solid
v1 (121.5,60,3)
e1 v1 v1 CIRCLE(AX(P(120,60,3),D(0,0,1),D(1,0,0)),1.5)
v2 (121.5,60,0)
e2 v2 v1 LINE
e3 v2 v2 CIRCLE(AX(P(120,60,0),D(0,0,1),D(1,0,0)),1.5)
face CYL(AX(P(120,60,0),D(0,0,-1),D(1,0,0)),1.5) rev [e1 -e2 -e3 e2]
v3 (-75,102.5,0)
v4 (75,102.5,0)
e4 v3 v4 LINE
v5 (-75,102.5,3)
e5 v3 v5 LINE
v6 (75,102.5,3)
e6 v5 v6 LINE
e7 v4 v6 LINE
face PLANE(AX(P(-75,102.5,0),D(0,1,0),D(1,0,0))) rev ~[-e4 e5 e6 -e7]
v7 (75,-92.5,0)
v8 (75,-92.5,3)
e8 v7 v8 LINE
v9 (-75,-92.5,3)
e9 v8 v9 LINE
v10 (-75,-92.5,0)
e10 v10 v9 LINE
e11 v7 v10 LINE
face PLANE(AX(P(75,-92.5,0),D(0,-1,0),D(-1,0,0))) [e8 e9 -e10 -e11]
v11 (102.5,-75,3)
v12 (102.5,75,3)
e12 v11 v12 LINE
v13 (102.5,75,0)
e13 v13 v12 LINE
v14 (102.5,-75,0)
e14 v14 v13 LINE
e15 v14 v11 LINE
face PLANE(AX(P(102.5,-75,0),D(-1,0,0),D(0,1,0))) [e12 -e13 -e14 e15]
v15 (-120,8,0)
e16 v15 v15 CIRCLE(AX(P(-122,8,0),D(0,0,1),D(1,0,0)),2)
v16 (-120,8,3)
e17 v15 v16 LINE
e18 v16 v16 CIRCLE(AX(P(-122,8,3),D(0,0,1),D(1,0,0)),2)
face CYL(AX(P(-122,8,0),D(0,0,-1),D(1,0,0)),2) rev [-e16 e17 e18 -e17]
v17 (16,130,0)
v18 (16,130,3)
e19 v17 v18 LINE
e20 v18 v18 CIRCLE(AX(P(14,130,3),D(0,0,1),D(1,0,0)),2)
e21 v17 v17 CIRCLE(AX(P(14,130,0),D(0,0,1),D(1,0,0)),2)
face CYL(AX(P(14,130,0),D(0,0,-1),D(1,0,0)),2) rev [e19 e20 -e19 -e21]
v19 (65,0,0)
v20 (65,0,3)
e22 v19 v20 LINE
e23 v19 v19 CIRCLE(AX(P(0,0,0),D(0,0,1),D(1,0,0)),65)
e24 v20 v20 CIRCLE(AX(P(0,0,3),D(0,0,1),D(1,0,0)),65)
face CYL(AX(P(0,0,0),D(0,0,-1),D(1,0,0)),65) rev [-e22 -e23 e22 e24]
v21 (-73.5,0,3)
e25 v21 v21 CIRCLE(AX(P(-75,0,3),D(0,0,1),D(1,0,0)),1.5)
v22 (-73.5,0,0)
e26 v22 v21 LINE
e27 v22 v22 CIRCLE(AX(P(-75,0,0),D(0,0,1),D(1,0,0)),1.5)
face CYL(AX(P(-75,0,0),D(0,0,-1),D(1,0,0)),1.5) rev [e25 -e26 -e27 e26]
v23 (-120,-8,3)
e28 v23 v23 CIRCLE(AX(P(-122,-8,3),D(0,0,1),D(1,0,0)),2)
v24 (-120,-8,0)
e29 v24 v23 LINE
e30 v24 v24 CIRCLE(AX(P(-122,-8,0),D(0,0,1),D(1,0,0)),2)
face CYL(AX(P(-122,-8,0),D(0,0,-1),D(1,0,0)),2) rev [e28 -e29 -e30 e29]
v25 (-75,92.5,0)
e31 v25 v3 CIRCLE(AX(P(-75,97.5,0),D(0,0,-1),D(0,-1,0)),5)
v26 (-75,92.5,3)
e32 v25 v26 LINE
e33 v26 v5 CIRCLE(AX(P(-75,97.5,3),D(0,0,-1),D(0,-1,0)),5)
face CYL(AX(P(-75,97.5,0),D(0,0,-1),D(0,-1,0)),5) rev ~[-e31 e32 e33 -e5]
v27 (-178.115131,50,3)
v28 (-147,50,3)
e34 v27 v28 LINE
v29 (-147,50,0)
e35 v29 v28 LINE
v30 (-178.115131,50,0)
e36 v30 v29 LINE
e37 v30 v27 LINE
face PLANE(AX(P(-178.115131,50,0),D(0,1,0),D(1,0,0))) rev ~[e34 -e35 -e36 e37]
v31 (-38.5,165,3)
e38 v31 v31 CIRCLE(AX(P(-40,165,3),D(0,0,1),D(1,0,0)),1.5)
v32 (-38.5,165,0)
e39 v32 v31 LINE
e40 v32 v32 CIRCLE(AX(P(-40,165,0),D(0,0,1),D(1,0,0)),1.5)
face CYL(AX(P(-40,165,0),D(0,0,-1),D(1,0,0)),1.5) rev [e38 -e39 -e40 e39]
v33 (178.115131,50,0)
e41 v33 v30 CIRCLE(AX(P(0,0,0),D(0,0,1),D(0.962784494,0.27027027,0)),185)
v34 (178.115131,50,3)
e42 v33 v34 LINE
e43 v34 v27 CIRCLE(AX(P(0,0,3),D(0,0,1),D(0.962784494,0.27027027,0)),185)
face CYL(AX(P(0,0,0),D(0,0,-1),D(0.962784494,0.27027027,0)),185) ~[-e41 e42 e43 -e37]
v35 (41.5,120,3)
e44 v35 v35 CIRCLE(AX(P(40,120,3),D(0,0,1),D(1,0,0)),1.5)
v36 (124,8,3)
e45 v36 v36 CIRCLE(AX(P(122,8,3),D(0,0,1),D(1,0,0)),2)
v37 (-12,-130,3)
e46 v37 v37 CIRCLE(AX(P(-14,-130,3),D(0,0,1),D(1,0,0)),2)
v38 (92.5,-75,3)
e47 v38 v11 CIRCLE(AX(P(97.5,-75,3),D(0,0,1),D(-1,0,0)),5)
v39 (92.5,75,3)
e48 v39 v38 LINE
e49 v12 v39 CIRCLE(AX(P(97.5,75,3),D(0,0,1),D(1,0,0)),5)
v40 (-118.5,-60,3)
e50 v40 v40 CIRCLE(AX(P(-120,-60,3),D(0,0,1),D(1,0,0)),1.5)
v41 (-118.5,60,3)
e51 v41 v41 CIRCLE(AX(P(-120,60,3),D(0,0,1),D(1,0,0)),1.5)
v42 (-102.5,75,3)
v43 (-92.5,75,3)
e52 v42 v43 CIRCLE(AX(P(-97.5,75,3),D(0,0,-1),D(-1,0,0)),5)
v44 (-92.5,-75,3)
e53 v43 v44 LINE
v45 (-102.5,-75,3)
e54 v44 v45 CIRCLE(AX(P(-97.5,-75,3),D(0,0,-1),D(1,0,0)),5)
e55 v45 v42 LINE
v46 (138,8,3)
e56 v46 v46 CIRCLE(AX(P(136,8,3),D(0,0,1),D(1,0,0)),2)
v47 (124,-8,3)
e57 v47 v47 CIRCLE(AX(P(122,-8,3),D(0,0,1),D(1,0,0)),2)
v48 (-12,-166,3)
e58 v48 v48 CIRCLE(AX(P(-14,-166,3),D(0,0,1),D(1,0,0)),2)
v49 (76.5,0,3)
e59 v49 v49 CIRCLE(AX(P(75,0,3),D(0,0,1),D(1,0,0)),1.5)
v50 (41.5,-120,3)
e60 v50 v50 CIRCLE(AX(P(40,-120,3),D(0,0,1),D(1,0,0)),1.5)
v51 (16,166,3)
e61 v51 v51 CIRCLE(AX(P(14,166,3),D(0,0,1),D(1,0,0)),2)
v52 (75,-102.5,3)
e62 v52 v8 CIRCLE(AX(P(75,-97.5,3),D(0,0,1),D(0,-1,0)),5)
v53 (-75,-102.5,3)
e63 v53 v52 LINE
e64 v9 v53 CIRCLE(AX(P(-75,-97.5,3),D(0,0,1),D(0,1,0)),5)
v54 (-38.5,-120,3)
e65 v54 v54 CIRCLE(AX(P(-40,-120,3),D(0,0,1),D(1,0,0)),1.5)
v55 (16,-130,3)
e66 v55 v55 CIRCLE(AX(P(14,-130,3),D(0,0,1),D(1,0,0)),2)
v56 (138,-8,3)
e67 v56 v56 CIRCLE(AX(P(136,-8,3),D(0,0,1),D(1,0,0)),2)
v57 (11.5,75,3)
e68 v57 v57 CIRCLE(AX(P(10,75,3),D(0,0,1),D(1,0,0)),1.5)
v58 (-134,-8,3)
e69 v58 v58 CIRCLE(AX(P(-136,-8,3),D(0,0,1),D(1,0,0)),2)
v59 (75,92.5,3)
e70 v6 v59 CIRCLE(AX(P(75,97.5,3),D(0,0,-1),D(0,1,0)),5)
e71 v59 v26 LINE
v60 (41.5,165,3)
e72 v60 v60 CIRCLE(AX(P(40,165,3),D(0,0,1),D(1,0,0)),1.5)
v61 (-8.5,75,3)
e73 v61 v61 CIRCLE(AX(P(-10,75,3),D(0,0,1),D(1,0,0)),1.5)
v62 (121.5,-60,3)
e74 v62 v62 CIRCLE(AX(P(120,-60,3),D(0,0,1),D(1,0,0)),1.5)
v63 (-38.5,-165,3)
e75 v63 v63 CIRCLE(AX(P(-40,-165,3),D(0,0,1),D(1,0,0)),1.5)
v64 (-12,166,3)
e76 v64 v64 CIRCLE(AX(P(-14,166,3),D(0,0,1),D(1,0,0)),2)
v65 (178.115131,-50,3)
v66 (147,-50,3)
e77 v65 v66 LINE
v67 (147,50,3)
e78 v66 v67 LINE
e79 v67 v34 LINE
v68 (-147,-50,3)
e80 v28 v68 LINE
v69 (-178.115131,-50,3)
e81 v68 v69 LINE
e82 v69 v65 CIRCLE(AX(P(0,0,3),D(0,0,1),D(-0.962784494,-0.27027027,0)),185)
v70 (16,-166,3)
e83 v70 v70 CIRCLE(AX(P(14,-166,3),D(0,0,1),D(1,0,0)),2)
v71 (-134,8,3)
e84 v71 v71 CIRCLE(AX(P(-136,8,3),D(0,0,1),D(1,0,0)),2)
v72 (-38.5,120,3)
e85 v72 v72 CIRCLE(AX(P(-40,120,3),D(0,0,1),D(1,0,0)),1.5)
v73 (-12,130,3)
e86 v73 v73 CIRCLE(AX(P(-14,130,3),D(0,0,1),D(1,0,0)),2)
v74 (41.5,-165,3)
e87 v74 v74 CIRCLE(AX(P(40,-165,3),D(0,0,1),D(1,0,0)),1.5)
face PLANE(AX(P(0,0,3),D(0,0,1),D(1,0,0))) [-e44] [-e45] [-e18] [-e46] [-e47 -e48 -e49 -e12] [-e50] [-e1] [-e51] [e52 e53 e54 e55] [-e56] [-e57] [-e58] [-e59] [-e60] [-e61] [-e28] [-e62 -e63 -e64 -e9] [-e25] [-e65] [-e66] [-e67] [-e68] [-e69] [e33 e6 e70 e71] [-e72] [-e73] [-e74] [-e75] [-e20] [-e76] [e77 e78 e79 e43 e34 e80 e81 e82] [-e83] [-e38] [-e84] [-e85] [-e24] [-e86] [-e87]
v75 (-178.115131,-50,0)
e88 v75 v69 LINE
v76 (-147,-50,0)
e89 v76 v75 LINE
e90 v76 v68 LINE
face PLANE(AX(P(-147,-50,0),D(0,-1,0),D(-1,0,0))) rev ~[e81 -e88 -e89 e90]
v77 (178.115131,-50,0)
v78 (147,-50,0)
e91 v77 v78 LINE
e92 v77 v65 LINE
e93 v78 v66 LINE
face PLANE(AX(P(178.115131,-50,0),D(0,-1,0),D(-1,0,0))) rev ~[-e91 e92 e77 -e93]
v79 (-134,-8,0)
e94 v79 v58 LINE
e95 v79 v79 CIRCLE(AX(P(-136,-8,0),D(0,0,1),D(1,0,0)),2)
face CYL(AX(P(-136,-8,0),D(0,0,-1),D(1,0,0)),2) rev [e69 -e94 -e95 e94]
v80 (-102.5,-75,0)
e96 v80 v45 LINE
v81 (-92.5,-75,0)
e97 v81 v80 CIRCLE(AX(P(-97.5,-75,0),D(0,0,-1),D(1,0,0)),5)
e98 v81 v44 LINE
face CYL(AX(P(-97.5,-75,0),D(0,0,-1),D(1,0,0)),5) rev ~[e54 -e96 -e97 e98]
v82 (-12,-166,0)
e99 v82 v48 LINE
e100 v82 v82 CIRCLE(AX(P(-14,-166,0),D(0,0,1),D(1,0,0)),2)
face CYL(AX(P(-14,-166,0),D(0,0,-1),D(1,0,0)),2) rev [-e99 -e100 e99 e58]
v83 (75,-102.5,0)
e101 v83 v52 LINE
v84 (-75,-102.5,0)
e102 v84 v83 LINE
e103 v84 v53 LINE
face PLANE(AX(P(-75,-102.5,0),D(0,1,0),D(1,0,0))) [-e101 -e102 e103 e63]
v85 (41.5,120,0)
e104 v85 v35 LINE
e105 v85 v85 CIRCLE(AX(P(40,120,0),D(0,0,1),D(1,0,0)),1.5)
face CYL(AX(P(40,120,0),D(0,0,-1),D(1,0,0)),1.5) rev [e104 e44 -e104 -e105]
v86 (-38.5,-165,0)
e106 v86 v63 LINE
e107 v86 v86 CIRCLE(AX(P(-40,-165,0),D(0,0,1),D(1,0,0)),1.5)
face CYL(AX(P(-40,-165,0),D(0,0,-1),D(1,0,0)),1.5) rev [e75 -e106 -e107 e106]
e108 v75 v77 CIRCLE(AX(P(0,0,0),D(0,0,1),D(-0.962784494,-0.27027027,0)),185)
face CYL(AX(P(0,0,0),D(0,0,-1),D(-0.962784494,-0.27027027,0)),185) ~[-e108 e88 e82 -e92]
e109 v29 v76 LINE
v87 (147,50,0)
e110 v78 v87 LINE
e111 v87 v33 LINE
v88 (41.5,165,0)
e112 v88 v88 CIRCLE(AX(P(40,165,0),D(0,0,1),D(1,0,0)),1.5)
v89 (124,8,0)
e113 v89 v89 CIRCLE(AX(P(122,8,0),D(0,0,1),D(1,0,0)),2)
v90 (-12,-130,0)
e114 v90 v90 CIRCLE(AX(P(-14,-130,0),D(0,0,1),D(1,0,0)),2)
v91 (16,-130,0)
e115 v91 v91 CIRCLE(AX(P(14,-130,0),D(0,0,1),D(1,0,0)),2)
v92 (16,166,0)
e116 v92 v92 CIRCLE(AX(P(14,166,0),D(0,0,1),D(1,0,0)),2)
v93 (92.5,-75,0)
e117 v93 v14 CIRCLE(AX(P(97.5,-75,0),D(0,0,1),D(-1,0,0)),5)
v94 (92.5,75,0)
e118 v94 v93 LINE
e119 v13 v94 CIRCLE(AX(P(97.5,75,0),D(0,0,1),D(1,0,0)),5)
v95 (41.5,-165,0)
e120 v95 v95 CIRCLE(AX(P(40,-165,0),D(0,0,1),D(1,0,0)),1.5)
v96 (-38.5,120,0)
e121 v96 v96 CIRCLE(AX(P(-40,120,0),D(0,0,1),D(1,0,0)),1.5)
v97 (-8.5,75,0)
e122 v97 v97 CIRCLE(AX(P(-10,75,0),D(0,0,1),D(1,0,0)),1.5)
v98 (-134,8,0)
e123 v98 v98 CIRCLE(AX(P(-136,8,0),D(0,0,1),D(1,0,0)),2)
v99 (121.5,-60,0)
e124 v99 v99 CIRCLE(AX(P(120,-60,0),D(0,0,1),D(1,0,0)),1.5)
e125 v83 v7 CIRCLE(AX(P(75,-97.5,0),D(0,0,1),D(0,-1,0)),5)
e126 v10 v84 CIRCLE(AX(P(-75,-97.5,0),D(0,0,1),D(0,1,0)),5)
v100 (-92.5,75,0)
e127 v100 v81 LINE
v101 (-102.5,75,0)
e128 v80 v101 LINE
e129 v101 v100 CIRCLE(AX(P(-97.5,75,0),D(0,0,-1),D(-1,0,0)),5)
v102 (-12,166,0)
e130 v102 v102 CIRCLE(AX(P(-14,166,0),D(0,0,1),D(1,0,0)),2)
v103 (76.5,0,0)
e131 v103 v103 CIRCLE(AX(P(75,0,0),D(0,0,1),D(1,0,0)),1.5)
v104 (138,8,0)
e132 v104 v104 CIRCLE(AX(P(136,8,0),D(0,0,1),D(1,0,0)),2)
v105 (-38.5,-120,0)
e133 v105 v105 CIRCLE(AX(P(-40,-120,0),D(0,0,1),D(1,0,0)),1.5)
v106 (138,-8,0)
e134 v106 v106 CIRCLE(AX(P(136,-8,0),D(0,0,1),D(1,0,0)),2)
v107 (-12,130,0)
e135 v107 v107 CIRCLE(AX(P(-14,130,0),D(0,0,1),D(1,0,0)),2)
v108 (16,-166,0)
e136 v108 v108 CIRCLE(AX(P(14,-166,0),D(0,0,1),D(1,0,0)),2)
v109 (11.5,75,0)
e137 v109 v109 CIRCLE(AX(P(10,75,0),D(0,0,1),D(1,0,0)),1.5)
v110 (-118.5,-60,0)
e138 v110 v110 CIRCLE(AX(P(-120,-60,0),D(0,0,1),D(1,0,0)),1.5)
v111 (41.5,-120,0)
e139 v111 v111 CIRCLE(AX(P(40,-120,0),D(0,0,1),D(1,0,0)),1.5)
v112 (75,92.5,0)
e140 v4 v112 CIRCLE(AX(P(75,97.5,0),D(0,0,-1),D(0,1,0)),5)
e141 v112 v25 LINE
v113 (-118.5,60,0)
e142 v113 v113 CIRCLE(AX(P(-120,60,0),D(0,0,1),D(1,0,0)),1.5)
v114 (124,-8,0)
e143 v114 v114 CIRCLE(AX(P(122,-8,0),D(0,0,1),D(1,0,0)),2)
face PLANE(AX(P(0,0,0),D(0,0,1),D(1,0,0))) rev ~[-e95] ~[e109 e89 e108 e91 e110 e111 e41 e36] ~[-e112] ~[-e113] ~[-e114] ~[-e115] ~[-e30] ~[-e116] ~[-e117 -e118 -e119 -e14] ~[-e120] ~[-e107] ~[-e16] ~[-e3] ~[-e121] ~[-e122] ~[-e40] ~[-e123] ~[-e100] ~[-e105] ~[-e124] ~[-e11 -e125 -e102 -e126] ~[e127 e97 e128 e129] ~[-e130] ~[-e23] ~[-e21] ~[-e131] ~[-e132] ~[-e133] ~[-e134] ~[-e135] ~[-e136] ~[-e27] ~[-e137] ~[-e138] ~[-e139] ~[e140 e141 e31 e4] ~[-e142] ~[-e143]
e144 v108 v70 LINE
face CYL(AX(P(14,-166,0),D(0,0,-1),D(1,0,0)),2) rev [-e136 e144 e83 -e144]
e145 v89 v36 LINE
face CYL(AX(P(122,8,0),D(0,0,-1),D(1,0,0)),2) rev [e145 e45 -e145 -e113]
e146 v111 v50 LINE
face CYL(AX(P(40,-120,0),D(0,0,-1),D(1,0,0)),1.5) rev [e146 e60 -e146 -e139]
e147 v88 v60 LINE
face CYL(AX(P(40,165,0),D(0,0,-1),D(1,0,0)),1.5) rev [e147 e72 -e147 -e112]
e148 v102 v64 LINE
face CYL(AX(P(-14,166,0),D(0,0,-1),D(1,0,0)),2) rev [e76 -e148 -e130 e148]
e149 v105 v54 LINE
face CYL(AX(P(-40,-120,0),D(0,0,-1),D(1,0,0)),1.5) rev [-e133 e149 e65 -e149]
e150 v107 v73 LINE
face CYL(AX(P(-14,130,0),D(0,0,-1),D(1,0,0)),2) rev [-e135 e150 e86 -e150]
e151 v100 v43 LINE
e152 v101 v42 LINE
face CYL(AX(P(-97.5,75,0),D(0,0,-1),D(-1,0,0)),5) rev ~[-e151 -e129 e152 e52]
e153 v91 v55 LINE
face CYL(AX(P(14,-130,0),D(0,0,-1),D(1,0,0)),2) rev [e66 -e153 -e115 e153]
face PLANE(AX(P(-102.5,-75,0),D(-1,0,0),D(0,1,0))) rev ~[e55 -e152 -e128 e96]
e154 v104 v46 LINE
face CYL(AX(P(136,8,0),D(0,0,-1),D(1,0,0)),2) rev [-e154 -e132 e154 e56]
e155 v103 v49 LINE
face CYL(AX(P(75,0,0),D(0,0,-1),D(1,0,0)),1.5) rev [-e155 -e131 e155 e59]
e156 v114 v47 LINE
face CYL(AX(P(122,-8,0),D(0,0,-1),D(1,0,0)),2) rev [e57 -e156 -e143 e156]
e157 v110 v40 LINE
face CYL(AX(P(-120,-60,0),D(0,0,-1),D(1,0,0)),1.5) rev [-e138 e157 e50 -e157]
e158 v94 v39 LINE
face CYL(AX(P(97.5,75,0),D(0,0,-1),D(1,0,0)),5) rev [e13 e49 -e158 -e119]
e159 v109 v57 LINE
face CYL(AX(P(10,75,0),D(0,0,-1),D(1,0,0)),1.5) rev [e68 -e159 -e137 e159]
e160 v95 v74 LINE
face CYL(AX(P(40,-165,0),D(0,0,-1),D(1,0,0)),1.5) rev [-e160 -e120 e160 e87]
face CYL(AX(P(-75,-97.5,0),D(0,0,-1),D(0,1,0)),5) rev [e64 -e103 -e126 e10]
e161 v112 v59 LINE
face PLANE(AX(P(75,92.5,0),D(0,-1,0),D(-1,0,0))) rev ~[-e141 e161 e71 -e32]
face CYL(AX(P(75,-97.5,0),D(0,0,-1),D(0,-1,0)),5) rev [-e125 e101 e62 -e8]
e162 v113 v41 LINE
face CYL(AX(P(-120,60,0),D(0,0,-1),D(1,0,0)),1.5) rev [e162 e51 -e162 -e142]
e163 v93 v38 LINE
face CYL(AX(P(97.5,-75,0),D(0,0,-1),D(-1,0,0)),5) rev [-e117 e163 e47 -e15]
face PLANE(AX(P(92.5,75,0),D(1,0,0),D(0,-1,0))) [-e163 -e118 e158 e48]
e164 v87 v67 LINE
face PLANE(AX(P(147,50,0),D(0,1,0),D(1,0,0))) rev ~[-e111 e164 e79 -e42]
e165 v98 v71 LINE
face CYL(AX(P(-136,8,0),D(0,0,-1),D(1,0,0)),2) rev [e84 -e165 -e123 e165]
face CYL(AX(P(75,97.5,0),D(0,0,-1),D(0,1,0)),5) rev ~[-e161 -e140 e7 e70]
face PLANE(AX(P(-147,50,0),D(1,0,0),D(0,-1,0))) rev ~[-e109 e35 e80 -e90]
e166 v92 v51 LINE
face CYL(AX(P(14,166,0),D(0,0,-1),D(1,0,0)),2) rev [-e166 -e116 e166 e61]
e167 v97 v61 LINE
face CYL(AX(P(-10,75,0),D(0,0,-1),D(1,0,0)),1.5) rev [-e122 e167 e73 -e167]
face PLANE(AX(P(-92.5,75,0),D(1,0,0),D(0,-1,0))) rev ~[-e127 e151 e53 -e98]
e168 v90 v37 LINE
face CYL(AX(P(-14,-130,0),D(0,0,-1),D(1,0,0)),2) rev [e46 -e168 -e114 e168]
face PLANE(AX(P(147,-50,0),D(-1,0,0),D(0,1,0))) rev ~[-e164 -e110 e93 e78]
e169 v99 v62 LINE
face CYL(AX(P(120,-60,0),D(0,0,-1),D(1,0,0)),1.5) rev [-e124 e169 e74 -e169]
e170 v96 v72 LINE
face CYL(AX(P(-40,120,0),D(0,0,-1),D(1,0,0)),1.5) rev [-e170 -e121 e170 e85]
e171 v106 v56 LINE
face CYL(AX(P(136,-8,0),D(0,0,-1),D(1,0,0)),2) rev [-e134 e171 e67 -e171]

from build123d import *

# Parameters (mm, degrees)
SKETCH_1_R      = 2
SKETCH_1_R_2    = 1.5
SKETCH_1_R_3    = 65
EXTRUDE_5_DEPTH = 3


with BuildPart() as part:
    # 草图1 → 凸台-拉伸5 (new body)
    with BuildSketch(Plane.XY):
        with BuildLine():
            Line((147, 50), (178.115131306, 50))
            ThreePointArc((178.115131306, 50), (0, 185), (-178.115131306, 50))
            Line((-178.115131306, 50), (-147, 50))
            Line((-147, 50), (-147, -50))
            Line((-147, -50), (-178.115131306, -50))
            ThreePointArc((-178.115131306, -50), (0, -185), (178.115131306, -50))
            Line((178.115131306, -50), (147, -50))
            Line((147, -50), (147, 50))
        make_face()
        with Locations((-136, 8)):
            Circle(SKETCH_1_R, mode=Mode.SUBTRACT)
        with Locations((-122, 8)):
            Circle(SKETCH_1_R, mode=Mode.SUBTRACT)
        with Locations((-122, -8)):
            Circle(SKETCH_1_R, mode=Mode.SUBTRACT)
        with Locations((-136, -8)):
            Circle(SKETCH_1_R, mode=Mode.SUBTRACT)
        with Locations((122, 8)):
            Circle(SKETCH_1_R, mode=Mode.SUBTRACT)
        with Locations((136, 8)):
            Circle(SKETCH_1_R, mode=Mode.SUBTRACT)
        with Locations((136, -8)):
            Circle(SKETCH_1_R, mode=Mode.SUBTRACT)
        with Locations((122, -8)):
            Circle(SKETCH_1_R, mode=Mode.SUBTRACT)
        with Locations((14, 166)):
            Circle(SKETCH_1_R, mode=Mode.SUBTRACT)
        with Locations((14, 130)):
            Circle(SKETCH_1_R, mode=Mode.SUBTRACT)
        with Locations((-14, 130)):
            Circle(SKETCH_1_R, mode=Mode.SUBTRACT)
        with Locations((-14, 166)):
            Circle(SKETCH_1_R, mode=Mode.SUBTRACT)
        with Locations((-14, -166)):
            Circle(SKETCH_1_R, mode=Mode.SUBTRACT)
        with Locations((-14, -130)):
            Circle(SKETCH_1_R, mode=Mode.SUBTRACT)
        with Locations((14, -130)):
            Circle(SKETCH_1_R, mode=Mode.SUBTRACT)
        with Locations((14, -166)):
            Circle(SKETCH_1_R, mode=Mode.SUBTRACT)
        with Locations((-40, 165)):
            Circle(SKETCH_1_R_2, mode=Mode.SUBTRACT)
        with Locations((40, 165)):
            Circle(SKETCH_1_R_2, mode=Mode.SUBTRACT)
        with Locations((40, -120)):
            Circle(SKETCH_1_R_2, mode=Mode.SUBTRACT)
        with Locations((-40, -120)):
            Circle(SKETCH_1_R_2, mode=Mode.SUBTRACT)
        with Locations((-40, 120)):
            Circle(SKETCH_1_R_2, mode=Mode.SUBTRACT)
        with Locations((40, 120)):
            Circle(SKETCH_1_R_2, mode=Mode.SUBTRACT)
        with Locations((-40, -165)):
            Circle(SKETCH_1_R_2, mode=Mode.SUBTRACT)
        with Locations((40, -165)):
            Circle(SKETCH_1_R_2, mode=Mode.SUBTRACT)
        with Locations((-120, 60)):
            Circle(SKETCH_1_R_2, mode=Mode.SUBTRACT)
        with Locations((-120, -60)):
            Circle(SKETCH_1_R_2, mode=Mode.SUBTRACT)
        with Locations((120, -60)):
            Circle(SKETCH_1_R_2, mode=Mode.SUBTRACT)
        with Locations((120, 60)):
            Circle(SKETCH_1_R_2, mode=Mode.SUBTRACT)
        Circle(SKETCH_1_R_3, mode=Mode.SUBTRACT)
        with Locations((-75, 0)):
            Circle(SKETCH_1_R_2, mode=Mode.SUBTRACT)
        with Locations((75, 0)):
            Circle(SKETCH_1_R_2, mode=Mode.SUBTRACT)
        with Locations((-10, 75)):
            Circle(SKETCH_1_R_2, mode=Mode.SUBTRACT)
        with Locations((10, 75)):
            Circle(SKETCH_1_R_2, mode=Mode.SUBTRACT)
        with BuildLine():
            Line((-75, -102.5), (75, -102.5))
            ThreePointArc((75, -102.5), (80, -97.5), (75, -92.5))
            Line((75, -92.5), (-75, -92.5))
            ThreePointArc((-75, -92.5), (-80, -97.5), (-75, -102.5))
        make_face(mode=Mode.SUBTRACT)
        with BuildLine():
            Line((-102.5, -75), (-102.5, 75))
            ThreePointArc((-102.5, 75), (-97.5, 80), (-92.5, 75))
            Line((-92.5, 75), (-92.5, -75))
            ThreePointArc((-92.5, -75), (-97.5, -80), (-102.5, -75))
        make_face(mode=Mode.SUBTRACT)
        with BuildLine():
            Line((102.5, -75), (102.5, 75))
            ThreePointArc((102.5, 75), (97.5, 80), (92.5, 75))
            Line((92.5, 75), (92.5, -75))
            ThreePointArc((92.5, -75), (97.5, -80), (102.5, -75))
        make_face(mode=Mode.SUBTRACT)
        with BuildLine():
            Line((-75, 102.5), (75, 102.5))
            ThreePointArc((75, 102.5), (80, 97.5), (75, 92.5))
            Line((75, 92.5), (-75, 92.5))
            ThreePointArc((-75, 92.5), (-80, 97.5), (-75, 102.5))
        make_face(mode=Mode.SUBTRACT)
    extrude(amount=EXTRUDE_5_DEPTH)


solid = part.part
